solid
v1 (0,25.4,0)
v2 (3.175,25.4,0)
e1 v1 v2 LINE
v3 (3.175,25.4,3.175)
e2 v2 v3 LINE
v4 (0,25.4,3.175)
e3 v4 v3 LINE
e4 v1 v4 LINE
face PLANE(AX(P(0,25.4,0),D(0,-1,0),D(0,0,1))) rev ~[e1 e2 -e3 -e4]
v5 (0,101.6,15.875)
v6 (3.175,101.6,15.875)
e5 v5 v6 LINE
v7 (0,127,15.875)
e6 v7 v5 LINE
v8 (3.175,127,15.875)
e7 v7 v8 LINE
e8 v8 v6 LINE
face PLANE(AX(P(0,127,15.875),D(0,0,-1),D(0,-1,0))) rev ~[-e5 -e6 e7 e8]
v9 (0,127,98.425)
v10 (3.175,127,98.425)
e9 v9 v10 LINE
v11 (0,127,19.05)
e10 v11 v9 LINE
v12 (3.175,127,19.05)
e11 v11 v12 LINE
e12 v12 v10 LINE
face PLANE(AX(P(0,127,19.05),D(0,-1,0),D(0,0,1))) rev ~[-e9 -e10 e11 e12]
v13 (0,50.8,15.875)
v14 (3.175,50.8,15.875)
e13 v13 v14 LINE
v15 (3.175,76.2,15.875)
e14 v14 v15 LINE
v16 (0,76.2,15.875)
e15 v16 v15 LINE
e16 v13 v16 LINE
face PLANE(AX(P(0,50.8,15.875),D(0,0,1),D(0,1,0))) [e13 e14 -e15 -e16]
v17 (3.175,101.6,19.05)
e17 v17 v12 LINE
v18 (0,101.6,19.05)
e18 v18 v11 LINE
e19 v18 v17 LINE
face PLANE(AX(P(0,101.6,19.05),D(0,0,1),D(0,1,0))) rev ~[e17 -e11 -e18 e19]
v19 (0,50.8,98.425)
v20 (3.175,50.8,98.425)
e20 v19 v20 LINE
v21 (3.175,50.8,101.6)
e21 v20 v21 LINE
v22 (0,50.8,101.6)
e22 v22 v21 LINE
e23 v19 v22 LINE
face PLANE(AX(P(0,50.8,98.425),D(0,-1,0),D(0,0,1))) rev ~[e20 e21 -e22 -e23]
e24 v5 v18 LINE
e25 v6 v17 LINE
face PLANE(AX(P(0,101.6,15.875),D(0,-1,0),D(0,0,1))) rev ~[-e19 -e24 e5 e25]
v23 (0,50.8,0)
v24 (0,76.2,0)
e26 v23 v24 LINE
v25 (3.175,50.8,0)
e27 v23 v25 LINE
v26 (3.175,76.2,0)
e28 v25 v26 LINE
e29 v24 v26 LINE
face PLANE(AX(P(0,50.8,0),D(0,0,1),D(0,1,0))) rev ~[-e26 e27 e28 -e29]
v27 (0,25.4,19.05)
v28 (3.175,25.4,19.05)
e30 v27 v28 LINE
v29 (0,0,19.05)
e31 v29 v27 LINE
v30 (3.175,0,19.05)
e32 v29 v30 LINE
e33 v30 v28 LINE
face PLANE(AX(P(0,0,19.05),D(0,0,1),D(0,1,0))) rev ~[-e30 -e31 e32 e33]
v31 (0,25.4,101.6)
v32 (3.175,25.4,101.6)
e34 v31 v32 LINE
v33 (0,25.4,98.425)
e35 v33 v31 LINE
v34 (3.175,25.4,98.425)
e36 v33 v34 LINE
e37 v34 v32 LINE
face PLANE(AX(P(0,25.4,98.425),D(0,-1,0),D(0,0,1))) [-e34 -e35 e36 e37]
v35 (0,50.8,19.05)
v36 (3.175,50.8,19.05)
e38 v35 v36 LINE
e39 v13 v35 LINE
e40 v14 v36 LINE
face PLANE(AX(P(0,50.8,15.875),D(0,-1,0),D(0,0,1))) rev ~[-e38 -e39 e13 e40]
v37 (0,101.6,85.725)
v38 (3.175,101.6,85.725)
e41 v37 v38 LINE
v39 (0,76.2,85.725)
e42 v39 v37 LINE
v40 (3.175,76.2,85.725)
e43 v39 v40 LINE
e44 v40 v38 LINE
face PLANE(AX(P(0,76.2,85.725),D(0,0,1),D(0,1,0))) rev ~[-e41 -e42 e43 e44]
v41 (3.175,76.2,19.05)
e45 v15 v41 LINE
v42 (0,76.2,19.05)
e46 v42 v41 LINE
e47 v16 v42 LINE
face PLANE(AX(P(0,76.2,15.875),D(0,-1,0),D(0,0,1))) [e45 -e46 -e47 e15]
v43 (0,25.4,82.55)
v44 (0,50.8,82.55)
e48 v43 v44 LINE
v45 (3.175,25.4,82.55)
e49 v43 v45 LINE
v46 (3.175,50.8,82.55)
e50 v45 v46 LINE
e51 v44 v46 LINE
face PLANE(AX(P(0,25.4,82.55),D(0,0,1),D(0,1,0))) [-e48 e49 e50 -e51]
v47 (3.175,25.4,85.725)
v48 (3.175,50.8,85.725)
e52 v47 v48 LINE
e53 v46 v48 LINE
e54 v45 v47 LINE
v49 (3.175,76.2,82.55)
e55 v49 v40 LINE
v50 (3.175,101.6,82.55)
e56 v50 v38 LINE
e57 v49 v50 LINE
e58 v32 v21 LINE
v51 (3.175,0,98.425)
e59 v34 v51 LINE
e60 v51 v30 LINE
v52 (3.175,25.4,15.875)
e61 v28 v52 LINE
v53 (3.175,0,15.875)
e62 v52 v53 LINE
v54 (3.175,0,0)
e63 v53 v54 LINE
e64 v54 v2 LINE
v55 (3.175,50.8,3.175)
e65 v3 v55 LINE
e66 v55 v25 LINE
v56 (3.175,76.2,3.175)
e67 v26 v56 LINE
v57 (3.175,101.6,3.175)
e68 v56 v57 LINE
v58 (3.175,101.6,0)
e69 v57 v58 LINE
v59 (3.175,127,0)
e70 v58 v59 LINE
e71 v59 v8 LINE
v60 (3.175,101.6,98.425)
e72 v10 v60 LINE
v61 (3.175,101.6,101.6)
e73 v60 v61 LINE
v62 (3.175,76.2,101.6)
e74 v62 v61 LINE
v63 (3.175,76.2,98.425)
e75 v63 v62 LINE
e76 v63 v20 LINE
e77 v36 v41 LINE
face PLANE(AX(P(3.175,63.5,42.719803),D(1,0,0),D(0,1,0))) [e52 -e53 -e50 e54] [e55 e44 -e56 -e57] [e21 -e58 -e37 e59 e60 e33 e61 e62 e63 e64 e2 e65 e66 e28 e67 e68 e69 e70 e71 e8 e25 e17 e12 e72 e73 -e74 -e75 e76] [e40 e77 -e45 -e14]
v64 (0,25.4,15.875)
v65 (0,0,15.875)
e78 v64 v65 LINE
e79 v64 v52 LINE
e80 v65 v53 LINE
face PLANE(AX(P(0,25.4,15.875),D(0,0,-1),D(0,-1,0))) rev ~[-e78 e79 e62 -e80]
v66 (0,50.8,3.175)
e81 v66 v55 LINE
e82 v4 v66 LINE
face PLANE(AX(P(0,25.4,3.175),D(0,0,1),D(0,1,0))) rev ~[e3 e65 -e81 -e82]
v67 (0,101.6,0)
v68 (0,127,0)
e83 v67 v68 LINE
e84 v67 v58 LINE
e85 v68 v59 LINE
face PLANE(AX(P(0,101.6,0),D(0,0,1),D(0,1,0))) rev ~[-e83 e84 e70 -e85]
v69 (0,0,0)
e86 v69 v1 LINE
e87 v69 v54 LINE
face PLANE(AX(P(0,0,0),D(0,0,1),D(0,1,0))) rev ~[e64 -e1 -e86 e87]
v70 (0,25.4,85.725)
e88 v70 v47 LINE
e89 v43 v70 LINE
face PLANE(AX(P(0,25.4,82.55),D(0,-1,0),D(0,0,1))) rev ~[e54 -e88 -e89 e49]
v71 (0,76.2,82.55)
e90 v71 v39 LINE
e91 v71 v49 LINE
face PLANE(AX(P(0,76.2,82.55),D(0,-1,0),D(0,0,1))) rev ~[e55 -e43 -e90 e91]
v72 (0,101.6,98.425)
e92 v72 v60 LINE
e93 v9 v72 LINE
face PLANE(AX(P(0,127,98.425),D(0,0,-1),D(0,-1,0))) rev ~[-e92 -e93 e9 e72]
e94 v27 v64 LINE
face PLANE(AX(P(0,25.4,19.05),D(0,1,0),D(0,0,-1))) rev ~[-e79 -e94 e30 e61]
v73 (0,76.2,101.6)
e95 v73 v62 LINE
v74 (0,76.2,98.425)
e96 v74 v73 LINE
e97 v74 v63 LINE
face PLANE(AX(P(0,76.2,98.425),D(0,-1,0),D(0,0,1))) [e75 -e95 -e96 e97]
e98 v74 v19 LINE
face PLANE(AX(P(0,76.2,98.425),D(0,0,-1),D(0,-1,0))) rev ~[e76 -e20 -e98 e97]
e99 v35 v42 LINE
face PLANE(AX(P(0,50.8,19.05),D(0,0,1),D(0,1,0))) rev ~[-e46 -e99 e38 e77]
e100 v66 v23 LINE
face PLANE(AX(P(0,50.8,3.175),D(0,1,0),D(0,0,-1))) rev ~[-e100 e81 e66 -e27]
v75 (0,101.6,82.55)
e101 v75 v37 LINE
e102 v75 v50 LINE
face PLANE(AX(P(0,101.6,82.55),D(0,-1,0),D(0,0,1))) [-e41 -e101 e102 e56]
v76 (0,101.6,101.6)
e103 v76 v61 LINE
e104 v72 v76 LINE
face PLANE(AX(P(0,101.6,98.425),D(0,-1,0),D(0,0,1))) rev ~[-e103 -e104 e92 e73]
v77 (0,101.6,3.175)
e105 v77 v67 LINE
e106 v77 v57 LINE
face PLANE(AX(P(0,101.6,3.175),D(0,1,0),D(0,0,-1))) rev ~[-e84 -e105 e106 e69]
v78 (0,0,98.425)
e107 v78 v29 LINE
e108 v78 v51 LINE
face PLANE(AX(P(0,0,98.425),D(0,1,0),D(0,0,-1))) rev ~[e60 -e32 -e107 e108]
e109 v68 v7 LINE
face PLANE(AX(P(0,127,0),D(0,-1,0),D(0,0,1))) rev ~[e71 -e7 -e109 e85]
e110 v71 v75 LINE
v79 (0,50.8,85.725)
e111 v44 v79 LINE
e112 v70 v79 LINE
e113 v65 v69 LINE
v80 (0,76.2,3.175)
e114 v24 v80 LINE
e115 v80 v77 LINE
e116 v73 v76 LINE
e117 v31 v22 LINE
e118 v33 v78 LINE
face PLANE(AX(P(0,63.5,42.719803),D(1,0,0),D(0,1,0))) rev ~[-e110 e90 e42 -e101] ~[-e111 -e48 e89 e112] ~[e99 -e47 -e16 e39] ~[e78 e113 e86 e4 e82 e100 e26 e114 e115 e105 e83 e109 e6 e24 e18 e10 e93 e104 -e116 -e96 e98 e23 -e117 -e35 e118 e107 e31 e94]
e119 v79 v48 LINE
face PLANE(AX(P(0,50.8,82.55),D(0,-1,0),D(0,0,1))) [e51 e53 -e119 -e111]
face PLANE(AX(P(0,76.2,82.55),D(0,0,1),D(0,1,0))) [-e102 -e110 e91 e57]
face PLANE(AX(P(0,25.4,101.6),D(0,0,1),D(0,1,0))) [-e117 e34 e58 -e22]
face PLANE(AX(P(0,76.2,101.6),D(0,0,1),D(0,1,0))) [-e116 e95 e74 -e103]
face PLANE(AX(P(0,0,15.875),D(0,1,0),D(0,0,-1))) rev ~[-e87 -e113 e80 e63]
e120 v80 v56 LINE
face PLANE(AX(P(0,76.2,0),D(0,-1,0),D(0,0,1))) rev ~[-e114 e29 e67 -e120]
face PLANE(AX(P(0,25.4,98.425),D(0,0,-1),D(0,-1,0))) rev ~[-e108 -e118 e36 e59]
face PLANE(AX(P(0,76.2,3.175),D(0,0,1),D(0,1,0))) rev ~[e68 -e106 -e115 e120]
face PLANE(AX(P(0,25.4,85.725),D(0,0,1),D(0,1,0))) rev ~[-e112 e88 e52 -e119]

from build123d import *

# Parameters (mm, degrees)
F0_W     = 25.4
F0_H     = 3.175
F1_DEPTH = 3.175


with BuildPart() as f1:
    # F0 (on Right) → F1 (new body)
    with BuildSketch(Plane.YZ):
        Polygon((0, 15.875), (0, 0), (25.4, 0), (25.4, 3.175), (50.8, 3.175), (50.8, 0), (76.2, 0), (76.2, 3.175), (101.6, 3.175), (101.6, 0), (127, 0), (127, 15.875), (101.6, 15.875), (101.6, 19.05), (127, 19.05), (127, 98.425), (101.6, 98.425), (76.2, 98.425), (50.8, 98.425), (25.4, 98.425), (0, 98.425), (0, 19.05), (25.4, 19.05), (25.4, 15.875), align=None)
        with Locations((63.5, 17.4625)):
            Rectangle(F0_W, F0_H, mode=Mode.SUBTRACT)
        with Locations((38.1, 84.1375)):
            Rectangle(F0_W, F0_H, mode=Mode.SUBTRACT)
        with Locations((88.9, 84.1375)):
            Rectangle(F0_W, F0_H, mode=Mode.SUBTRACT)
        with Locations((88.9, 100.0125)):
            Rectangle(F0_W, F0_H)
        with Locations((38.1, 100.0125)):
            Rectangle(F0_W, F0_H)
    extrude(amount=F1_DEPTH)


solid = f1.part
